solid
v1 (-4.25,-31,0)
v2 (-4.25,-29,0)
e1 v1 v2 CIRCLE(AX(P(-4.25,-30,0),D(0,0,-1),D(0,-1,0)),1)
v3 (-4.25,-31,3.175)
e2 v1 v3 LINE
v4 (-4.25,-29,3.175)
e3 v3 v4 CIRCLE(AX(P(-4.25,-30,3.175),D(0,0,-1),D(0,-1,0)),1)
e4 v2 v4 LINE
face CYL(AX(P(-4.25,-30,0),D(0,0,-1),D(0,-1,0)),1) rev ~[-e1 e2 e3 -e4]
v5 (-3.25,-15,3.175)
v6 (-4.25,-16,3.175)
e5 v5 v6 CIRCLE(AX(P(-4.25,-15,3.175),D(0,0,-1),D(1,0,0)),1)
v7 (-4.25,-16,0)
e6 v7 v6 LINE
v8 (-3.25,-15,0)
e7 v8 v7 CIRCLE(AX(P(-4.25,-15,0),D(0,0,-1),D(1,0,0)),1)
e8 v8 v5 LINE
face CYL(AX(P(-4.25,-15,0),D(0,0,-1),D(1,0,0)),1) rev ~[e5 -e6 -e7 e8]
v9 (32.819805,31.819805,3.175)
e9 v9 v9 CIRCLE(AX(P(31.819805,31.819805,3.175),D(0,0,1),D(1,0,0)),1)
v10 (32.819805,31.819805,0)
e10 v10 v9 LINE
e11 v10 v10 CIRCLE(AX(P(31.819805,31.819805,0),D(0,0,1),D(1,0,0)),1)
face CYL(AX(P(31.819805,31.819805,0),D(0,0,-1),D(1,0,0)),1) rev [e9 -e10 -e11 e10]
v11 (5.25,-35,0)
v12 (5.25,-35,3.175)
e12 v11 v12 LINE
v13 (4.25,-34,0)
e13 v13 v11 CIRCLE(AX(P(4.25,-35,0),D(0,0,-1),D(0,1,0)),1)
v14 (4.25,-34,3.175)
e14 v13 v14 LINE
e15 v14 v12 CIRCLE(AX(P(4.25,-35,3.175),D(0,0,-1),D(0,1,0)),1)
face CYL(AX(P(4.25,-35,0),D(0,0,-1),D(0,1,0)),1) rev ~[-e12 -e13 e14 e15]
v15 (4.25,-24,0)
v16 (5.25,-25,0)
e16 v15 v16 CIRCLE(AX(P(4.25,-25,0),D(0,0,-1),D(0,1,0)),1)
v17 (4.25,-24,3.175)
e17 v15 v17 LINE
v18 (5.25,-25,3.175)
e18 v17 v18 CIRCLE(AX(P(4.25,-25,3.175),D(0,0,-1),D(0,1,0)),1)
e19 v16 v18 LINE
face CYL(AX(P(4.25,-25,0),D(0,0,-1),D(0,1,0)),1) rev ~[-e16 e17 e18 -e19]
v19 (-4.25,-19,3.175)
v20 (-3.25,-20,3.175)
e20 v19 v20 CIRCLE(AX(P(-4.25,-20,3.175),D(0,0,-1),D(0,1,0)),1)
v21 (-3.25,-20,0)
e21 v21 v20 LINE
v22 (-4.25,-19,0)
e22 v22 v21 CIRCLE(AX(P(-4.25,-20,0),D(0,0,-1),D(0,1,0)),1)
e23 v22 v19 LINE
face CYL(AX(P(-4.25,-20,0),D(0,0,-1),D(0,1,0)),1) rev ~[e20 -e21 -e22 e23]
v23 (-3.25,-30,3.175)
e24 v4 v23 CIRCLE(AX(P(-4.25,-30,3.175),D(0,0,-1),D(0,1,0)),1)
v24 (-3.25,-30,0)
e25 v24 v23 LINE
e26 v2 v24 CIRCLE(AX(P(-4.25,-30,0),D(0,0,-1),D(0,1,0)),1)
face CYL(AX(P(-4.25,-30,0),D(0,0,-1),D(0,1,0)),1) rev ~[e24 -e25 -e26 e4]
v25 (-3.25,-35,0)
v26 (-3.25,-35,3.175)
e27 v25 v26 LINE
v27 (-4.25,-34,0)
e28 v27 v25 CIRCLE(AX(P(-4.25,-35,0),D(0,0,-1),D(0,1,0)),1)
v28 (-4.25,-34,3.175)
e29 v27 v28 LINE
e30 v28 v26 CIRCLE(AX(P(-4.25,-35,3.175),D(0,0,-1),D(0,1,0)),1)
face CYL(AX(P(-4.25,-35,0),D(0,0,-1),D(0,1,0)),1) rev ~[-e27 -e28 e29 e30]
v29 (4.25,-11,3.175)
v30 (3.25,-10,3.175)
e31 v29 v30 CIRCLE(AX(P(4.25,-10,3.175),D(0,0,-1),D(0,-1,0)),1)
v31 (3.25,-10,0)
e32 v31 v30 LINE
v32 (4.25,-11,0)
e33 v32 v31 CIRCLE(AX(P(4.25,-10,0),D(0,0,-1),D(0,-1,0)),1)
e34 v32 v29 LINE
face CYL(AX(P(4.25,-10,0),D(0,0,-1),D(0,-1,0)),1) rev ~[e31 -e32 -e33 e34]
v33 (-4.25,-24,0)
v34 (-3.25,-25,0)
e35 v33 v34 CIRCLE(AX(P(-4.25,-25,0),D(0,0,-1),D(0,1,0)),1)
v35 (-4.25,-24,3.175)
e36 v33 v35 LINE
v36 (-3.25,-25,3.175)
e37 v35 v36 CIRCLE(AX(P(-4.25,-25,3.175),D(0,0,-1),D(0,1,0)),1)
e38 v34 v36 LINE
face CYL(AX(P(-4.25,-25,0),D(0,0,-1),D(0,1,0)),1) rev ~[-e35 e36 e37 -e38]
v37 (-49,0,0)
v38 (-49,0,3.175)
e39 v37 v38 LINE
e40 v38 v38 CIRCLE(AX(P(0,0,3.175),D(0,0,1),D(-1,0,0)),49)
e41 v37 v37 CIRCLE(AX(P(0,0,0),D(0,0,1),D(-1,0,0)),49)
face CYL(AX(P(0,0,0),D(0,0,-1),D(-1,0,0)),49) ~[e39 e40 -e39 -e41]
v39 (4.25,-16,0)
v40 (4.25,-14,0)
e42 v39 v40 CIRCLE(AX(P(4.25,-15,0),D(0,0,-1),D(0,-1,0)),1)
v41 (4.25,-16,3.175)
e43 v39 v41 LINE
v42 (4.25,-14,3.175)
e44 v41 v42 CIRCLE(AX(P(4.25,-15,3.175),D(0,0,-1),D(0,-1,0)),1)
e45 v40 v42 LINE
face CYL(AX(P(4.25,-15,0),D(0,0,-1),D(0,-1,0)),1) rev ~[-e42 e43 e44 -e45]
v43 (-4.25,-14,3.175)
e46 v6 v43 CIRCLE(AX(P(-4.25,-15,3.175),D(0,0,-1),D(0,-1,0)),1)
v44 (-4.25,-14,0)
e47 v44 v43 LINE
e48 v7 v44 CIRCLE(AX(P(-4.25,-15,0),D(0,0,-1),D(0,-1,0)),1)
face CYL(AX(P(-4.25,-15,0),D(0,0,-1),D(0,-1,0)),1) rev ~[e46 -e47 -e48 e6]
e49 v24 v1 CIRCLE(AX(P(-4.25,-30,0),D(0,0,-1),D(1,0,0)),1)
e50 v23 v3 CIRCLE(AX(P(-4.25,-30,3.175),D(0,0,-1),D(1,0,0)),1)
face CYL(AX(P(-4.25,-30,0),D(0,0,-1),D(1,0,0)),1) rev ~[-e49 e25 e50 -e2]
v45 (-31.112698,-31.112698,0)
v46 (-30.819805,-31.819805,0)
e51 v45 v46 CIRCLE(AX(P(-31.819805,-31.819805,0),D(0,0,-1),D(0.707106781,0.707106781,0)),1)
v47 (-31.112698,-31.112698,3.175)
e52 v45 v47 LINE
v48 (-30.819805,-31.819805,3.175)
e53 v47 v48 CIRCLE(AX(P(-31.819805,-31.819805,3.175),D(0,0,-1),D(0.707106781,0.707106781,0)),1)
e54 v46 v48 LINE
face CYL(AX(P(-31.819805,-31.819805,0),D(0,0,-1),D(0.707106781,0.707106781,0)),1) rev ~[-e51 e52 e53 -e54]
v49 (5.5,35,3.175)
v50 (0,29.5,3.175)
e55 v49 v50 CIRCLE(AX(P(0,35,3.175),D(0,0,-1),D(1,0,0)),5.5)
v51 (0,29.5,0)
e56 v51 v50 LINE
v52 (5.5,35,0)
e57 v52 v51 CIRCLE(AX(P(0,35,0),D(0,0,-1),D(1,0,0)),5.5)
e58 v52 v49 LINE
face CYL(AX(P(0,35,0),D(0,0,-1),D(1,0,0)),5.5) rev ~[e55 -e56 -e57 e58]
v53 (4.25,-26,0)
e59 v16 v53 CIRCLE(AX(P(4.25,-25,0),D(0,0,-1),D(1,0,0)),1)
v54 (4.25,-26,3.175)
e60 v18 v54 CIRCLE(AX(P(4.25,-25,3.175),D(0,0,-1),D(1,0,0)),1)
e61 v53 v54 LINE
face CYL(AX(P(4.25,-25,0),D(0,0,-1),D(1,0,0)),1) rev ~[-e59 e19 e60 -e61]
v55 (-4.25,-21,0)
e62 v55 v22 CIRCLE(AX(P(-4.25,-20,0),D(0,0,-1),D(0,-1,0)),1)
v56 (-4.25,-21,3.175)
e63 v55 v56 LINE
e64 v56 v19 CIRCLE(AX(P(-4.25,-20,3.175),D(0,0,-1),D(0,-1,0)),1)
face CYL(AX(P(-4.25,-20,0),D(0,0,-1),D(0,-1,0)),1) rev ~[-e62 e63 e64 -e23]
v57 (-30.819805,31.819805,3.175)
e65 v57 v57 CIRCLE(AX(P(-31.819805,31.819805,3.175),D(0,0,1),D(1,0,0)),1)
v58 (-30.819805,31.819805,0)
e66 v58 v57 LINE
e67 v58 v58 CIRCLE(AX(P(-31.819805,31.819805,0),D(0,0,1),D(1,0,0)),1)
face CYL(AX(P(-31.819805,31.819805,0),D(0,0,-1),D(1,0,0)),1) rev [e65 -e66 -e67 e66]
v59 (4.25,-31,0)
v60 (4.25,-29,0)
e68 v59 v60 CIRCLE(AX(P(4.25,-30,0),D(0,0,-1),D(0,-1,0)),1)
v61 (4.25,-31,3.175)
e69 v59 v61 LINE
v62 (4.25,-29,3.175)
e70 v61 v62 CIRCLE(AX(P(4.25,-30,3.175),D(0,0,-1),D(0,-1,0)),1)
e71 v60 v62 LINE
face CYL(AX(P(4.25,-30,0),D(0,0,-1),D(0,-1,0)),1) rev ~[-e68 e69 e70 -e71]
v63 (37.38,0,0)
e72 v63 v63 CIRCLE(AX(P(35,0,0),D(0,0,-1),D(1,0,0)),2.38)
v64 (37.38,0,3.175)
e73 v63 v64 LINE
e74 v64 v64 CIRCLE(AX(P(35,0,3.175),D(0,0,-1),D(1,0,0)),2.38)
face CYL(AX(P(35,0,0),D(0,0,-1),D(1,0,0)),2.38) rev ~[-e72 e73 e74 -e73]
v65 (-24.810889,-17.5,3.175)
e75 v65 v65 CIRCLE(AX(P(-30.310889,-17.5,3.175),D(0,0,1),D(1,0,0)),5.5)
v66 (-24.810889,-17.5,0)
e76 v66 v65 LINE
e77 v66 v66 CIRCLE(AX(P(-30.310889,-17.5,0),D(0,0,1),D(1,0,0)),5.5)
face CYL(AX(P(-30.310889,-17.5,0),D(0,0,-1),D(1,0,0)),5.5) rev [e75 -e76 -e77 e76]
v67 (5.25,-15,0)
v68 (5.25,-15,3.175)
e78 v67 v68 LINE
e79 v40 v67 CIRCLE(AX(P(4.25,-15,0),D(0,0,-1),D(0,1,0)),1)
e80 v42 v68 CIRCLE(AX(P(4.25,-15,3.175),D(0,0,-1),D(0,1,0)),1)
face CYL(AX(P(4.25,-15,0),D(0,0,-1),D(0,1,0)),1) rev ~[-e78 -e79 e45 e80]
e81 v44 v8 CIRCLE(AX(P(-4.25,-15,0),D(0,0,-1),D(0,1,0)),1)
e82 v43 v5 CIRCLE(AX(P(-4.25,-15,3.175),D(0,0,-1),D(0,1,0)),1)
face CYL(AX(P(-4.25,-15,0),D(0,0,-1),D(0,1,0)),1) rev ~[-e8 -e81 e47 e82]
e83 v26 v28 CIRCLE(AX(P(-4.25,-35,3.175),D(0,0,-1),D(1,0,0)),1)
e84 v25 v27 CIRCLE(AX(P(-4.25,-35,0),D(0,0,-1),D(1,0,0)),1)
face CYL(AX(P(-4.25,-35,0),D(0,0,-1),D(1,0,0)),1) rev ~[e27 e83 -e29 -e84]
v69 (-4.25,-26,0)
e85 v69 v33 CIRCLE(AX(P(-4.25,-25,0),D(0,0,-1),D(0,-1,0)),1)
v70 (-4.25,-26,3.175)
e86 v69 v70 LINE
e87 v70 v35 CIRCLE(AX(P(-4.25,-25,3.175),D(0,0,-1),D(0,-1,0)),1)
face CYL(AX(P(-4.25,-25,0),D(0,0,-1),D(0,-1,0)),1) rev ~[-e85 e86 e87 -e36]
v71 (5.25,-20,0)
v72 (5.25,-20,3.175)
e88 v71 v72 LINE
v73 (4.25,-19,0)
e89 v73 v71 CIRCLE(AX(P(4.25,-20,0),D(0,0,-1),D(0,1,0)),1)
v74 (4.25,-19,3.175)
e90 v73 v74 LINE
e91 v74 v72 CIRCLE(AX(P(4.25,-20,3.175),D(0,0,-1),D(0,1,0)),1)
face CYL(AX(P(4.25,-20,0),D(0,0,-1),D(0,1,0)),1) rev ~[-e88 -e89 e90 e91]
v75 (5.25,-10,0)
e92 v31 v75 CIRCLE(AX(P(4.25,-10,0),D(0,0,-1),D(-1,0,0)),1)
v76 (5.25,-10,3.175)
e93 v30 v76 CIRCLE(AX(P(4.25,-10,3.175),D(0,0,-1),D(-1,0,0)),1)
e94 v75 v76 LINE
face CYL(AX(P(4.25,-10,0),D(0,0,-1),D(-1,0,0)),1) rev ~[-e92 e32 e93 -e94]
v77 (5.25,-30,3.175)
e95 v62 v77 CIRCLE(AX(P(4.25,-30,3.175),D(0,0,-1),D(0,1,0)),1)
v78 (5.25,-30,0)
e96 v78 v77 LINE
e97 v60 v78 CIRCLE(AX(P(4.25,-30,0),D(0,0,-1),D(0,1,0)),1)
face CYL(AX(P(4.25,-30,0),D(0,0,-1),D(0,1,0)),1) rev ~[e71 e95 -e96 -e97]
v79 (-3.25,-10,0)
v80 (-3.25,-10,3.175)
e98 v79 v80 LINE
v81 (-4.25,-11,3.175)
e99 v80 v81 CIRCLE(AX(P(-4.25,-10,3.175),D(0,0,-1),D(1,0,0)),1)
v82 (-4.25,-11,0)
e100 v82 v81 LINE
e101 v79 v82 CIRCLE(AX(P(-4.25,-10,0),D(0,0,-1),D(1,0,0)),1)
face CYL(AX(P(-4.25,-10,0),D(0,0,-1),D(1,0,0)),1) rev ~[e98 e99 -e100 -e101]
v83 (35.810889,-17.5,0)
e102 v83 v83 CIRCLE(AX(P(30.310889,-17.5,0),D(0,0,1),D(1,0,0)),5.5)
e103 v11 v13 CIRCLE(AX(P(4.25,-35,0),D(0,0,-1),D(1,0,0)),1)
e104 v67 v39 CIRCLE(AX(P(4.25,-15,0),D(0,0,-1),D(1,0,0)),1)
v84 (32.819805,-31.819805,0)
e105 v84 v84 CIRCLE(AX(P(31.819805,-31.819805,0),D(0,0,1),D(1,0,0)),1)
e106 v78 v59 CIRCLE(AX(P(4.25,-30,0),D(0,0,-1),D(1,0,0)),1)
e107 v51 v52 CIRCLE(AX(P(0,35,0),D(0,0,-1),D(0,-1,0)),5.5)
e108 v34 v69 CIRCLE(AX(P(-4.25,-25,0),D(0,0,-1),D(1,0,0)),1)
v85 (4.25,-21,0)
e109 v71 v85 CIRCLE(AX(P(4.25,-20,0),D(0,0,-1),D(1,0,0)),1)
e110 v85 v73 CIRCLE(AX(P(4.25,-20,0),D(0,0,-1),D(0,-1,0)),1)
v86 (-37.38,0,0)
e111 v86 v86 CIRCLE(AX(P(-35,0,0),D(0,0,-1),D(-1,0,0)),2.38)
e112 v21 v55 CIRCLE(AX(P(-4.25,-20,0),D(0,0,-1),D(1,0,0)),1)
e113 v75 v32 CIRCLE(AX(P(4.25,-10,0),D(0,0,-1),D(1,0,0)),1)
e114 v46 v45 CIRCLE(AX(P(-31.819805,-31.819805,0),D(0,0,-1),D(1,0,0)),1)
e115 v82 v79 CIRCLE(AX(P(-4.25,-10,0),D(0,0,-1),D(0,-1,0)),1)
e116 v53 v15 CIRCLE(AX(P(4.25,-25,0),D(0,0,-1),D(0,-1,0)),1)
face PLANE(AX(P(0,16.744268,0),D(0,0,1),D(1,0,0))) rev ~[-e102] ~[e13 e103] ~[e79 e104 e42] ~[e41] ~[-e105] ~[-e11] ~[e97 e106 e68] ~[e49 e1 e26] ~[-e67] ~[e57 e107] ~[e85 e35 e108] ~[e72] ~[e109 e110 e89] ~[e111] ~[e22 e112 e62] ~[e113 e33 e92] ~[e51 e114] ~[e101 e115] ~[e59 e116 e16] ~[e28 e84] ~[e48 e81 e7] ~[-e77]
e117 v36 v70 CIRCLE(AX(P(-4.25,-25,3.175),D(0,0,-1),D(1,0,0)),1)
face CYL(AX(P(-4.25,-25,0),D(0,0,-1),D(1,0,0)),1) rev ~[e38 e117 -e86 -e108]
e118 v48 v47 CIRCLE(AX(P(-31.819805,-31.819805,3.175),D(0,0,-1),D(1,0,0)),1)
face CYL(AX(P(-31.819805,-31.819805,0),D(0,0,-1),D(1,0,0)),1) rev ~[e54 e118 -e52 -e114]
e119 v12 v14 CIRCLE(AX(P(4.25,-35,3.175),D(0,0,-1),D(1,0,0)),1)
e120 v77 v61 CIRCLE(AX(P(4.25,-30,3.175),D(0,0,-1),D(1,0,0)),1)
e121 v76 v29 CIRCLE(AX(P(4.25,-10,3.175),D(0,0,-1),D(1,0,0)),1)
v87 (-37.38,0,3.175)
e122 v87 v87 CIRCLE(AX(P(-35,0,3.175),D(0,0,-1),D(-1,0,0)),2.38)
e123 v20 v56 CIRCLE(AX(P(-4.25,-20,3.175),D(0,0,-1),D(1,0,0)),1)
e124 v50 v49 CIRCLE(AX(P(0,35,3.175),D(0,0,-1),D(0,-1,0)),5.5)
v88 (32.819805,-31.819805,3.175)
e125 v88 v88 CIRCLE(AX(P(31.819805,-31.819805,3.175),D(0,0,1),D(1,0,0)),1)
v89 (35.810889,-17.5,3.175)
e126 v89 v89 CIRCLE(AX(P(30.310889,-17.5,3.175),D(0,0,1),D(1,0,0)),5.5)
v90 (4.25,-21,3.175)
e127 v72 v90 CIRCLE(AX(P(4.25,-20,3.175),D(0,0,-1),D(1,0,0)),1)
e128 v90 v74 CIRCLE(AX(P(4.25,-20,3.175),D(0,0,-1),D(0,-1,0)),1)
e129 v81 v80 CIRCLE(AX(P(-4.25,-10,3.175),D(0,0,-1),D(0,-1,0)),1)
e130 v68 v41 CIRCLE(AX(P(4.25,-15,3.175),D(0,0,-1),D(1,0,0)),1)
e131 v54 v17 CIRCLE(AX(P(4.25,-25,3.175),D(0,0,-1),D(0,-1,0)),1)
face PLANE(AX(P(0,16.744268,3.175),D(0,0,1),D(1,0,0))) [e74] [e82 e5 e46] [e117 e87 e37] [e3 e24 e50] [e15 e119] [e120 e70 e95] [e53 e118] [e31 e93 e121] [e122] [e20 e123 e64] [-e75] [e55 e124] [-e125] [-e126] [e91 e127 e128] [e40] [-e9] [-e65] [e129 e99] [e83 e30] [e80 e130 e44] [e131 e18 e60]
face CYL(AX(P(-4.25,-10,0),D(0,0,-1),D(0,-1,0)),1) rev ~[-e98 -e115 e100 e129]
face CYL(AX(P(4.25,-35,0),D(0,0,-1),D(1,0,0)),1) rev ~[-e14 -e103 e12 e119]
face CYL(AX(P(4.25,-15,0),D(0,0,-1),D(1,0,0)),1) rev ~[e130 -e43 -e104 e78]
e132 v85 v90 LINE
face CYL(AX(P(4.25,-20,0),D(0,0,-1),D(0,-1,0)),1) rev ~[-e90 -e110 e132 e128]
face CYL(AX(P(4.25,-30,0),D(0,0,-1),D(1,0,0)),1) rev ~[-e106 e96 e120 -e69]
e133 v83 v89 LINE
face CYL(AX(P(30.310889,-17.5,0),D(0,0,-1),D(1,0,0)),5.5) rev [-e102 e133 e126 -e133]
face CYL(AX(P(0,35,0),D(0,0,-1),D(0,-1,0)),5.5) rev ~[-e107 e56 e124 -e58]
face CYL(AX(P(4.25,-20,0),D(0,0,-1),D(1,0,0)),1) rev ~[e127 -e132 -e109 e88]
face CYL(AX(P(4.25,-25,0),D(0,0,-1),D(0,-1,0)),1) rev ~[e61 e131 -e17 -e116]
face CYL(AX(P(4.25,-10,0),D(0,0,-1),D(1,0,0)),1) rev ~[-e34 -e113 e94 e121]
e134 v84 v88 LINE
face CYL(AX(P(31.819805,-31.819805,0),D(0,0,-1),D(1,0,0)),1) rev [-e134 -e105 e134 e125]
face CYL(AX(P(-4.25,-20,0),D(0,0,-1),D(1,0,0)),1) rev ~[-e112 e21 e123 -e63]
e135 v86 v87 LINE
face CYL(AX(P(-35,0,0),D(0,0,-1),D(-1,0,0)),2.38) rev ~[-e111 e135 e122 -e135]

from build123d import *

# Parameters (mm, degrees)
F0_R     = 1
F0_R_2   = 5.5
F1_DEPTH = 3.175


with BuildPart() as f1:
    # F0 (on Top) → F1 (new body)
    with BuildSketch(Plane.XY):
        with BuildLine():
            Line((42.5, 0), (49, 0))
            ThreePointArc((49, 0), (0, 49), (-49, 0))
            Line((-49, 0), (-42.5, 0))
            ThreePointArc((-42.5, 0), (-35, 7.5), (-27.5, 0))
            Line((-27.5, 0), (0, 0))
            Line((0, 0), (27.5, 0))
            ThreePointArc((27.5, 0), (35, 7.5), (42.5, 0))
        make_face()
        Polygon((25.5, 6), (0, 6), (-25.5, 6), (-25.5, 18), (0, 18), (25.5, 18), align=None, mode=Mode.SUBTRACT)
        with Locations((-31.8198051534, 31.8198051534)):
            Circle(F0_R, mode=Mode.SUBTRACT)
        with BuildLine():
            ThreePointArc((5.5, 35), (3.8890872965, 31.1109127035), (0, 29.5))
            ThreePointArc((0, 29.5), (-3.8890872965, 38.8890872965), (5.5, 35))
        make_face(mode=Mode.SUBTRACT)
        with Locations((31.8198051534, 31.8198051534)):
            Circle(F0_R, mode=Mode.SUBTRACT)
        with BuildLine():
            ThreePointArc((-49, 0), (0, -49), (49, 0))
            Line((49, 0), (42.5, 0))
            ThreePointArc((42.5, 0), (35, -7.5), (27.5, 0))
            Line((27.5, 0), (0, 0))
            Line((0, 0), (-27.5, 0))
            ThreePointArc((-27.5, 0), (-35, -7.5), (-42.5, 0))
            Line((-42.5, 0), (-49, 0))
        make_face()
        with BuildLine():
            ThreePointArc((-30.8198051534, -31.8198051534), (-32.7436846859, -32.2024885858), (-31.1126983722, -31.1126983722))
            ThreePointArc((-31.1126983722, -31.1126983722), (-30.8959256209, -31.437121721), (-30.8198051534, -31.8198051534))
        make_face(mode=Mode.SUBTRACT)
        with BuildLine():
            ThreePointArc((-3.25, -35), (-4.9571067812, -35.7071067812), (-4.25, -34))
            ThreePointArc((-4.25, -34), (-3.5428932188, -34.2928932188), (-3.25, -35))
        make_face(mode=Mode.SUBTRACT)
        with BuildLine():
            ThreePointArc((-4.25, -31), (-5.25, -30), (-4.25, -29))
            ThreePointArc((-4.25, -29), (-3.5428932188, -29.2928932188), (-3.25, -30))
            ThreePointArc((-3.25, -30), (-3.5428932188, -30.7071067812), (-4.25, -31))
        make_face(mode=Mode.SUBTRACT)
        with BuildLine():
            ThreePointArc((-4.25, -26), (-5.25, -25), (-4.25, -24))
            ThreePointArc((-4.25, -24), (-3.5428932188, -24.2928932188), (-3.25, -25))
            ThreePointArc((-3.25, -25), (-3.5428932188, -25.7071067812), (-4.25, -26))
        make_face(mode=Mode.SUBTRACT)
        with Locations((-30.3108891325, -17.5)):
            Circle(F0_R_2, mode=Mode.SUBTRACT)
        with BuildLine():
            ThreePointArc((-4.25, -21), (-5.25, -20), (-4.25, -19))
            ThreePointArc((-4.25, -19), (-3.5428932188, -19.2928932188), (-3.25, -20))
            ThreePointArc((-3.25, -20), (-3.5428932188, -20.7071067812), (-4.25, -21))
        make_face(mode=Mode.SUBTRACT)
        with BuildLine():
            ThreePointArc((-4.25, -16), (-5.25, -15), (-4.25, -14))
            ThreePointArc((-4.25, -14), (-3.5428932188, -14.2928932188), (-3.25, -15))
            ThreePointArc((-3.25, -15), (-3.5428932188, -15.7071067812), (-4.25, -16))
        make_face(mode=Mode.SUBTRACT)
        with BuildLine():
            ThreePointArc((-4.25, -11), (-4.9571067812, -9.2928932188), (-3.25, -10))
            ThreePointArc((-3.25, -10), (-3.5428932188, -10.7071067812), (-4.25, -11))
        make_face(mode=Mode.SUBTRACT)
        with BuildLine():
            ThreePointArc((5.25, -35), (3.5428932188, -35.7071067812), (4.25, -34))
            ThreePointArc((4.25, -34), (4.9571067812, -34.2928932188), (5.25, -35))
        make_face(mode=Mode.SUBTRACT)
        with BuildLine():
            ThreePointArc((4.25, -31), (3.25, -30), (4.25, -29))
            ThreePointArc((4.25, -29), (4.9571067812, -29.2928932188), (5.25, -30))
            ThreePointArc((5.25, -30), (4.9571067812, -30.7071067812), (4.25, -31))
        make_face(mode=Mode.SUBTRACT)
        with BuildLine():
            ThreePointArc((4.25, -26), (3.25, -25), (4.25, -24))
            ThreePointArc((4.25, -24), (4.9571067812, -24.2928932188), (5.25, -25))
            ThreePointArc((5.25, -25), (4.9571067812, -25.7071067812), (4.25, -26))
        make_face(mode=Mode.SUBTRACT)
        with Locations((31.8198051534, -31.8198051534)):
            Circle(F0_R, mode=Mode.SUBTRACT)
        with BuildLine():
            ThreePointArc((4.25, -21), (3.25, -20), (4.25, -19))
            ThreePointArc((4.25, -19), (4.9571067812, -19.2928932188), (5.25, -20))
            ThreePointArc((5.25, -20), (4.9571067812, -20.7071067812), (4.25, -21))
        make_face(mode=Mode.SUBTRACT)
        with BuildLine():
            ThreePointArc((4.25, -16), (3.25, -15), (4.25, -14))
            ThreePointArc((4.25, -14), (4.9571067812, -14.2928932188), (5.25, -15))
            ThreePointArc((5.25, -15), (4.9571067812, -15.7071067812), (4.25, -16))
        make_face(mode=Mode.SUBTRACT)
        with BuildLine():
            ThreePointArc((4.25, -11), (3.5428932188, -10.7071067812), (3.25, -10))
            ThreePointArc((3.25, -10), (4.25, -9), (5.25, -10))
            ThreePointArc((5.25, -10), (4.9571067812, -10.7071067812), (4.25, -11))
        make_face(mode=Mode.SUBTRACT)
        with Locations((30.3108891325, -17.5)):
            Circle(F0_R_2, mode=Mode.SUBTRACT)
        Polygon((-25.5, 6), (0, 6), (0, 12), (0, 18), (-25.5, 18), align=None)
        Polygon((0, 12), (0, 6), (25.5, 6), (25.5, 18), (0, 18), align=None)
        with BuildLine():
            Line((-37.38, 0), (-42.5, 0))
            ThreePointArc((-42.5, 0), (-35, -7.5), (-27.5, 0))
            Line((-27.5, 0), (-32.62, 0))
            ThreePointArc((-32.62, 0), (-35, -2.38), (-37.38, 0))
        make_face()
        with BuildLine():
            ThreePointArc((-27.5, 0), (-35, 7.5), (-42.5, 0))
            Line((-42.5, 0), (-37.38, 0))
            ThreePointArc((-37.38, 0), (-35, 2.38), (-32.62, 0))
            Line((-32.62, 0), (-27.5, 0))
        make_face()
        with BuildLine():
            Line((37.38, 0), (42.5, 0))
            ThreePointArc((42.5, 0), (35, 7.5), (27.5, 0))
            Line((27.5, 0), (32.62, 0))
            ThreePointArc((32.62, 0), (35, 2.38), (37.38, 0))
        make_face()
        with BuildLine():
            ThreePointArc((27.5, 0), (35, -7.5), (42.5, 0))
            Line((42.5, 0), (37.38, 0))
            ThreePointArc((37.38, 0), (35, -2.38), (32.62, 0))
            Line((32.62, 0), (27.5, 0))
        make_face()
    extrude(amount=F1_DEPTH)


solid = f1.part
